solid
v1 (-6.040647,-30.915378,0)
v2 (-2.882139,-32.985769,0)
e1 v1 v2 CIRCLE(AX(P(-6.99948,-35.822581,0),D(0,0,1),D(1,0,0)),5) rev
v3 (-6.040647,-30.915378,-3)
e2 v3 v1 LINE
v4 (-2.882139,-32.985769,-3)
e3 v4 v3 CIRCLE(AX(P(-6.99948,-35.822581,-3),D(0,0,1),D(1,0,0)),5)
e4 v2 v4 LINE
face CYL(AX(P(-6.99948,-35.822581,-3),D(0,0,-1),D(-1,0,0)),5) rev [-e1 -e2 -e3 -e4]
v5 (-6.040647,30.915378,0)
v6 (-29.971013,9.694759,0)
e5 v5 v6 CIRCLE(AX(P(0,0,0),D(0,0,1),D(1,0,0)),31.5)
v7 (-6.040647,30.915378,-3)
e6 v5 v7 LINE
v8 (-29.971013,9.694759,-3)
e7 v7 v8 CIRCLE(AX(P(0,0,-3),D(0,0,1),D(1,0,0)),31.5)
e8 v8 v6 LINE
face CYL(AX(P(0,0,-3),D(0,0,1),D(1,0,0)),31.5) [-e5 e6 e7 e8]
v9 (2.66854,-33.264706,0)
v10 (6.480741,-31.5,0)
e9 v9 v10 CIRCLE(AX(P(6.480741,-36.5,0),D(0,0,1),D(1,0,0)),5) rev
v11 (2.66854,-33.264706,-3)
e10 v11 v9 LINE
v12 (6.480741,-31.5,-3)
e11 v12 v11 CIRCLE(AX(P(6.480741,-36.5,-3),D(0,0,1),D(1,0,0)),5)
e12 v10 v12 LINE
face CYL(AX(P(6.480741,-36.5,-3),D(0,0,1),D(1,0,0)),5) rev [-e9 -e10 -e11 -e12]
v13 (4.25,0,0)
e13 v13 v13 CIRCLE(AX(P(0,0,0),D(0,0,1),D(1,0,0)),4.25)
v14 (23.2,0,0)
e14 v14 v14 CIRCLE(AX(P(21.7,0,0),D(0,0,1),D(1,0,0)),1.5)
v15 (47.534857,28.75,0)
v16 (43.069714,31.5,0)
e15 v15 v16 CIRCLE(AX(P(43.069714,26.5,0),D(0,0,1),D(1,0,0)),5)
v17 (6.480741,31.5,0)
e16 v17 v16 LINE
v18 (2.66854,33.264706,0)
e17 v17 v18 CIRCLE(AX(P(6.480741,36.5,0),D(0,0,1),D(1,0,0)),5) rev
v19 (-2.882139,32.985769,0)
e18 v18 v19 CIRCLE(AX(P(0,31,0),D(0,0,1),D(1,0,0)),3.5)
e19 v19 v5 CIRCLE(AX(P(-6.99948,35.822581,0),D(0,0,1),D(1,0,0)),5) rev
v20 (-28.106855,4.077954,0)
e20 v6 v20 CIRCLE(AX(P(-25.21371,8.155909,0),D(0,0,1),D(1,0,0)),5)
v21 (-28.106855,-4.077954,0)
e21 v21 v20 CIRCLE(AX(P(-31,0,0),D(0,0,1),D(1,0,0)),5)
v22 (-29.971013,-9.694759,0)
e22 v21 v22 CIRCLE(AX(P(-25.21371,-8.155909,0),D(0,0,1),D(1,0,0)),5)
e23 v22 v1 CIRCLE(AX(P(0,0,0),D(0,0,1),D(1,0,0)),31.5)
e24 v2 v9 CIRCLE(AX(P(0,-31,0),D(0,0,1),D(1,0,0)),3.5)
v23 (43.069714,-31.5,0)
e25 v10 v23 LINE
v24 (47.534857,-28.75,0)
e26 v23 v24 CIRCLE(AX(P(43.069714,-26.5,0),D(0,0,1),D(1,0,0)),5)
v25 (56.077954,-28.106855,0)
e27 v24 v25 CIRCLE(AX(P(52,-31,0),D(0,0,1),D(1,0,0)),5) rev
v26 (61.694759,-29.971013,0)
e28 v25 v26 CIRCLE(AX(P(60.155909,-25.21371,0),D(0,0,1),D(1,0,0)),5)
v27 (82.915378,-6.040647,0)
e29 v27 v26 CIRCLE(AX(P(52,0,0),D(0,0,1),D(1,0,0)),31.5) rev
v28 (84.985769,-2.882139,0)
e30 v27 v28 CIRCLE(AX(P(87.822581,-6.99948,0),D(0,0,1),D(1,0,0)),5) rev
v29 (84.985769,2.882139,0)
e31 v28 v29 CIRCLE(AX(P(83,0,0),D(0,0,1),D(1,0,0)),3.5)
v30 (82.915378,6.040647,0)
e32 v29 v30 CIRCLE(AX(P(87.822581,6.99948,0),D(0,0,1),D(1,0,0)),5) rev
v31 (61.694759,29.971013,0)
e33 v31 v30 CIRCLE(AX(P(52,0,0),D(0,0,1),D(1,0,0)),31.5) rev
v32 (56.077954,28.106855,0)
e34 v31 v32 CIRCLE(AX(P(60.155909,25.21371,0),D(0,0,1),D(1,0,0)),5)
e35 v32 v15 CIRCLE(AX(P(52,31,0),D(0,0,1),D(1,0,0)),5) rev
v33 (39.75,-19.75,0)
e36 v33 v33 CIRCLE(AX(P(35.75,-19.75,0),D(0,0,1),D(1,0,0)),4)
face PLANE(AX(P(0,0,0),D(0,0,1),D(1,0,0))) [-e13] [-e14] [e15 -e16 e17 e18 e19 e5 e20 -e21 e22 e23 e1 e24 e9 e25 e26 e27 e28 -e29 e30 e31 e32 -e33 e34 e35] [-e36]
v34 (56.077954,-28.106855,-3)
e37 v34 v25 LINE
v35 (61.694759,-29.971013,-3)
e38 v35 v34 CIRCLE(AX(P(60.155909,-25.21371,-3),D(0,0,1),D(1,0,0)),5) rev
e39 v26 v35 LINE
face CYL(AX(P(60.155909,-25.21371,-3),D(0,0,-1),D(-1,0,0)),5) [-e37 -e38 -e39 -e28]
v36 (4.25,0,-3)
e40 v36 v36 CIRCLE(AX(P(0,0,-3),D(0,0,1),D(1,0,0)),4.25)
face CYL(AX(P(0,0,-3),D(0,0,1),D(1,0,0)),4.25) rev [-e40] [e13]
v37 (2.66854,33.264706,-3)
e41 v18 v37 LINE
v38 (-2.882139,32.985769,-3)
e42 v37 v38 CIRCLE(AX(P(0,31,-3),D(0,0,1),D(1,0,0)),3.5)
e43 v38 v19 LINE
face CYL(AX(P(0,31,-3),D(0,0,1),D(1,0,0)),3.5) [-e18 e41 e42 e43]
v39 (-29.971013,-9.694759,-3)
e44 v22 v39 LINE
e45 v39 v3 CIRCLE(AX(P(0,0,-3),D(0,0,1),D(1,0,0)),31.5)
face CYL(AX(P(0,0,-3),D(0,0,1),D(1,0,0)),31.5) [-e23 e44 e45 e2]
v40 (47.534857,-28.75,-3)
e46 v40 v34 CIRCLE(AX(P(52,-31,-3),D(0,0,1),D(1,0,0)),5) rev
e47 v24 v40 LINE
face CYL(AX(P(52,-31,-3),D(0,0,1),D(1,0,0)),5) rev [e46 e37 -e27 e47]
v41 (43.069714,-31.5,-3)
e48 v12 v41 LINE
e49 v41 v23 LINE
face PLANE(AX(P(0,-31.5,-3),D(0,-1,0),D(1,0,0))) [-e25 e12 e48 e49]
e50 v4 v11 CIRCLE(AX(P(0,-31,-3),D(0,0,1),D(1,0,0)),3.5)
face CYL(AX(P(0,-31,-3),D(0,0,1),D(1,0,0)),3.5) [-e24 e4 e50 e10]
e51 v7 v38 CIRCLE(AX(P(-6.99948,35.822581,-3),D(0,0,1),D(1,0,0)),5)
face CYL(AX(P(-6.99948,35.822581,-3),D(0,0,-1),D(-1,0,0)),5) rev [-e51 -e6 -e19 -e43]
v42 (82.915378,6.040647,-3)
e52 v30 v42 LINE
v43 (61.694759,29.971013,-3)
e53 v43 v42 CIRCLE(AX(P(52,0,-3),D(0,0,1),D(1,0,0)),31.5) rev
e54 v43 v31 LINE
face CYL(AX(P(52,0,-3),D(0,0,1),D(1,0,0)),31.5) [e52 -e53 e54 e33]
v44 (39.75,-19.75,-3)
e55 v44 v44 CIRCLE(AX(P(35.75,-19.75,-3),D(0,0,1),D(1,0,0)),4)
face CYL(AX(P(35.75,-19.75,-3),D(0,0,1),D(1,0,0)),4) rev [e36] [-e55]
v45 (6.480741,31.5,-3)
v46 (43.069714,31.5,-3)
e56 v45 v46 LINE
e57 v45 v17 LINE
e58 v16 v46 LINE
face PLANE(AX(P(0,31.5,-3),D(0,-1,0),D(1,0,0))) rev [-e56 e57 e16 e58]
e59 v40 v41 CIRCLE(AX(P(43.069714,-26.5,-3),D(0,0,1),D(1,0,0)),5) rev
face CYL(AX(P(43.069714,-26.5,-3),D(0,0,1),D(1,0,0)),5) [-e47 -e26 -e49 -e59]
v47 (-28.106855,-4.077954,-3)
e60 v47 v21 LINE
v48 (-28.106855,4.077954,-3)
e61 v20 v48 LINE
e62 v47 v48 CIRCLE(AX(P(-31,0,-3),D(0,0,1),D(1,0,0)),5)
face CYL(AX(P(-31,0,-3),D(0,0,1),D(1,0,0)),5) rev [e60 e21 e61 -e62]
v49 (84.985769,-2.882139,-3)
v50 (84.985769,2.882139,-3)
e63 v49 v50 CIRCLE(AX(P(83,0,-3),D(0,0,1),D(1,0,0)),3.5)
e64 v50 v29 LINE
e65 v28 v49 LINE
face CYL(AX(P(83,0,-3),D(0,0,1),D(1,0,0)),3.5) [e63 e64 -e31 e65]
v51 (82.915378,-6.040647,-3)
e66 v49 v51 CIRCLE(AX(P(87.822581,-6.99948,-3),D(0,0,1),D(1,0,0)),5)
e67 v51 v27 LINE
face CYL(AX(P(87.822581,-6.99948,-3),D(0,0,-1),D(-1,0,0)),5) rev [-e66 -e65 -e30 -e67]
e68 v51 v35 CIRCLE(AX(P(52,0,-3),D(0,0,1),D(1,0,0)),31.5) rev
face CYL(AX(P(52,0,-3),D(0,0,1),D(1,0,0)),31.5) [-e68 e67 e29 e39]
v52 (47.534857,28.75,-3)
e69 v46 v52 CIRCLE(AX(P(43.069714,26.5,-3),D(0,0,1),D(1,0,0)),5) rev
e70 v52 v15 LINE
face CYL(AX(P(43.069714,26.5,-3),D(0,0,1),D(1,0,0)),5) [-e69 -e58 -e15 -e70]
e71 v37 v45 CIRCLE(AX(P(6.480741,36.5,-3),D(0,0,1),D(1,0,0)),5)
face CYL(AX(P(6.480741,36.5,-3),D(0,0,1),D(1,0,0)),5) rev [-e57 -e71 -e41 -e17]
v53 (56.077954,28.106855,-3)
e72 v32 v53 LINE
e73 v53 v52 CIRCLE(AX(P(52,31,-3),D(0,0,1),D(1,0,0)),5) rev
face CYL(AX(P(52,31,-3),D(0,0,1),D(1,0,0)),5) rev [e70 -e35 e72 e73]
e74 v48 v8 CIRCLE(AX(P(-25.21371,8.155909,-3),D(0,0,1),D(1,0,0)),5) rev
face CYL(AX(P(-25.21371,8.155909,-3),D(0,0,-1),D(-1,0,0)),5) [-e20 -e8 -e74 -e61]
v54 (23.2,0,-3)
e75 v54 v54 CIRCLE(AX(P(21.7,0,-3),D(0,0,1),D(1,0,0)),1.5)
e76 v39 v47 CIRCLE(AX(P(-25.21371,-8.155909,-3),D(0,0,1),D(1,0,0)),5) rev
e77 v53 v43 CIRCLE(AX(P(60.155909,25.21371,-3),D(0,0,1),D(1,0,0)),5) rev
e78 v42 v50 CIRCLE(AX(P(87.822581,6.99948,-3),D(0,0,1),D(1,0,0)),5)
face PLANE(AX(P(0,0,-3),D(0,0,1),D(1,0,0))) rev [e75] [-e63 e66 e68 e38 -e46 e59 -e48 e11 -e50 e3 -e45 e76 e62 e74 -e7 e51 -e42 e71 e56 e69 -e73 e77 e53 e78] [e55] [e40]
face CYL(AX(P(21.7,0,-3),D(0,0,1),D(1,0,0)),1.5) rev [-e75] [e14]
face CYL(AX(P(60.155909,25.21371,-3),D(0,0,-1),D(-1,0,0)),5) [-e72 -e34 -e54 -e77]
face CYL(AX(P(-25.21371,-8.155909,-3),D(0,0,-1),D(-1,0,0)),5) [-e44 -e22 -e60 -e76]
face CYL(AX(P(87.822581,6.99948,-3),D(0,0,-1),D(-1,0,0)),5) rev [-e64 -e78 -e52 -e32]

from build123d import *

# Parameters (mm, degrees)
SKETCH1_R           = 4
SKETCH1_R_2         = 4.25
SKETCH1_R_3         = 1.5
BOSS_EXTRUDE1_DEPTH = 3
FILLET1_R           = 5


with BuildPart() as part:
    # Sketch1 → Boss-Extrude1 (new body)
    with BuildSketch(Plane.XY):
        with BuildLine():
            Line((47.025062814, 31.5), (3.464101615, 31.5))
            ThreePointArc((3.464101615, 31.5), (-0.097423396, 34.498643835), (-3.486558103, 31.306451613))
            ThreePointArc((-3.486558103, 31.306451613), (-21.727681967, 22.80696903), (-31.100806452, 4.998983703))
            ThreePointArc((-31.100806452, 4.998983703), (-26, 0), (-31.100806452, -4.998983703))
            ThreePointArc((-31.100806452, -4.998983703), (-21.727681967, -22.80696903), (-3.486558103, -31.306451613))
            ThreePointArc((-3.486558103, -31.306451613), (-0.097423396, -34.498643835), (3.464101615, -31.5))
            Line((3.464101615, -31.5), (47.025062814, -31.5))
            ThreePointArc((47.025062814, -31.5), (51.800041427, -26.003999943), (56.998983703, -31.100806452))
            ThreePointArc((56.998983703, -31.100806452), (74.80696903, -21.727681967), (83.306451613, -3.486558103))
            ThreePointArc((83.306451613, -3.486558103), (86.5, 0), (83.306451613, 3.486558103))
            ThreePointArc((83.306451613, 3.486558103), (74.80696903, 21.727681967), (56.998983703, 31.100806452))
            ThreePointArc((56.998983703, 31.100806452), (51.800041427, 26.003999943), (47.025062814, 31.5))
        make_face()
        with Locations((35.75, -19.75)):
            Circle(SKETCH1_R, mode=Mode.SUBTRACT)
        Circle(SKETCH1_R_2, mode=Mode.SUBTRACT)
        with Locations((21.7, 0)):
            Circle(SKETCH1_R_3, mode=Mode.SUBTRACT)
    extrude(amount=-BOSS_EXTRUDE1_DEPTH)

    # Fillet1
    fillet1_edges = [part.edges().sort_by_distance(p)[0] for p in [
        (3.464101615, 31.5, -1.5),
        (47.025062814, 31.5, -1.5),
        (56.998983703, 31.100806452, -1.5),
        (83.306451613, 3.486558103, -1.5),
        (83.306451613, -3.486558103, -1.5),
        (56.998983703, -31.100806452, -1.5),
        (47.025062814, -31.5, -1.5),
        (3.464101615, -31.5, -1.5),
        (-3.486558103, -31.306451613, -1.5),
        (-31.100806452, -4.998983703, -1.5),
        (-31.100806452, 4.998983703, -1.5),
        (-3.486558103, 31.306451613, -1.5),
    ]]
    fillet(fillet1_edges, radius=FILLET1_R)


solid = part.part
